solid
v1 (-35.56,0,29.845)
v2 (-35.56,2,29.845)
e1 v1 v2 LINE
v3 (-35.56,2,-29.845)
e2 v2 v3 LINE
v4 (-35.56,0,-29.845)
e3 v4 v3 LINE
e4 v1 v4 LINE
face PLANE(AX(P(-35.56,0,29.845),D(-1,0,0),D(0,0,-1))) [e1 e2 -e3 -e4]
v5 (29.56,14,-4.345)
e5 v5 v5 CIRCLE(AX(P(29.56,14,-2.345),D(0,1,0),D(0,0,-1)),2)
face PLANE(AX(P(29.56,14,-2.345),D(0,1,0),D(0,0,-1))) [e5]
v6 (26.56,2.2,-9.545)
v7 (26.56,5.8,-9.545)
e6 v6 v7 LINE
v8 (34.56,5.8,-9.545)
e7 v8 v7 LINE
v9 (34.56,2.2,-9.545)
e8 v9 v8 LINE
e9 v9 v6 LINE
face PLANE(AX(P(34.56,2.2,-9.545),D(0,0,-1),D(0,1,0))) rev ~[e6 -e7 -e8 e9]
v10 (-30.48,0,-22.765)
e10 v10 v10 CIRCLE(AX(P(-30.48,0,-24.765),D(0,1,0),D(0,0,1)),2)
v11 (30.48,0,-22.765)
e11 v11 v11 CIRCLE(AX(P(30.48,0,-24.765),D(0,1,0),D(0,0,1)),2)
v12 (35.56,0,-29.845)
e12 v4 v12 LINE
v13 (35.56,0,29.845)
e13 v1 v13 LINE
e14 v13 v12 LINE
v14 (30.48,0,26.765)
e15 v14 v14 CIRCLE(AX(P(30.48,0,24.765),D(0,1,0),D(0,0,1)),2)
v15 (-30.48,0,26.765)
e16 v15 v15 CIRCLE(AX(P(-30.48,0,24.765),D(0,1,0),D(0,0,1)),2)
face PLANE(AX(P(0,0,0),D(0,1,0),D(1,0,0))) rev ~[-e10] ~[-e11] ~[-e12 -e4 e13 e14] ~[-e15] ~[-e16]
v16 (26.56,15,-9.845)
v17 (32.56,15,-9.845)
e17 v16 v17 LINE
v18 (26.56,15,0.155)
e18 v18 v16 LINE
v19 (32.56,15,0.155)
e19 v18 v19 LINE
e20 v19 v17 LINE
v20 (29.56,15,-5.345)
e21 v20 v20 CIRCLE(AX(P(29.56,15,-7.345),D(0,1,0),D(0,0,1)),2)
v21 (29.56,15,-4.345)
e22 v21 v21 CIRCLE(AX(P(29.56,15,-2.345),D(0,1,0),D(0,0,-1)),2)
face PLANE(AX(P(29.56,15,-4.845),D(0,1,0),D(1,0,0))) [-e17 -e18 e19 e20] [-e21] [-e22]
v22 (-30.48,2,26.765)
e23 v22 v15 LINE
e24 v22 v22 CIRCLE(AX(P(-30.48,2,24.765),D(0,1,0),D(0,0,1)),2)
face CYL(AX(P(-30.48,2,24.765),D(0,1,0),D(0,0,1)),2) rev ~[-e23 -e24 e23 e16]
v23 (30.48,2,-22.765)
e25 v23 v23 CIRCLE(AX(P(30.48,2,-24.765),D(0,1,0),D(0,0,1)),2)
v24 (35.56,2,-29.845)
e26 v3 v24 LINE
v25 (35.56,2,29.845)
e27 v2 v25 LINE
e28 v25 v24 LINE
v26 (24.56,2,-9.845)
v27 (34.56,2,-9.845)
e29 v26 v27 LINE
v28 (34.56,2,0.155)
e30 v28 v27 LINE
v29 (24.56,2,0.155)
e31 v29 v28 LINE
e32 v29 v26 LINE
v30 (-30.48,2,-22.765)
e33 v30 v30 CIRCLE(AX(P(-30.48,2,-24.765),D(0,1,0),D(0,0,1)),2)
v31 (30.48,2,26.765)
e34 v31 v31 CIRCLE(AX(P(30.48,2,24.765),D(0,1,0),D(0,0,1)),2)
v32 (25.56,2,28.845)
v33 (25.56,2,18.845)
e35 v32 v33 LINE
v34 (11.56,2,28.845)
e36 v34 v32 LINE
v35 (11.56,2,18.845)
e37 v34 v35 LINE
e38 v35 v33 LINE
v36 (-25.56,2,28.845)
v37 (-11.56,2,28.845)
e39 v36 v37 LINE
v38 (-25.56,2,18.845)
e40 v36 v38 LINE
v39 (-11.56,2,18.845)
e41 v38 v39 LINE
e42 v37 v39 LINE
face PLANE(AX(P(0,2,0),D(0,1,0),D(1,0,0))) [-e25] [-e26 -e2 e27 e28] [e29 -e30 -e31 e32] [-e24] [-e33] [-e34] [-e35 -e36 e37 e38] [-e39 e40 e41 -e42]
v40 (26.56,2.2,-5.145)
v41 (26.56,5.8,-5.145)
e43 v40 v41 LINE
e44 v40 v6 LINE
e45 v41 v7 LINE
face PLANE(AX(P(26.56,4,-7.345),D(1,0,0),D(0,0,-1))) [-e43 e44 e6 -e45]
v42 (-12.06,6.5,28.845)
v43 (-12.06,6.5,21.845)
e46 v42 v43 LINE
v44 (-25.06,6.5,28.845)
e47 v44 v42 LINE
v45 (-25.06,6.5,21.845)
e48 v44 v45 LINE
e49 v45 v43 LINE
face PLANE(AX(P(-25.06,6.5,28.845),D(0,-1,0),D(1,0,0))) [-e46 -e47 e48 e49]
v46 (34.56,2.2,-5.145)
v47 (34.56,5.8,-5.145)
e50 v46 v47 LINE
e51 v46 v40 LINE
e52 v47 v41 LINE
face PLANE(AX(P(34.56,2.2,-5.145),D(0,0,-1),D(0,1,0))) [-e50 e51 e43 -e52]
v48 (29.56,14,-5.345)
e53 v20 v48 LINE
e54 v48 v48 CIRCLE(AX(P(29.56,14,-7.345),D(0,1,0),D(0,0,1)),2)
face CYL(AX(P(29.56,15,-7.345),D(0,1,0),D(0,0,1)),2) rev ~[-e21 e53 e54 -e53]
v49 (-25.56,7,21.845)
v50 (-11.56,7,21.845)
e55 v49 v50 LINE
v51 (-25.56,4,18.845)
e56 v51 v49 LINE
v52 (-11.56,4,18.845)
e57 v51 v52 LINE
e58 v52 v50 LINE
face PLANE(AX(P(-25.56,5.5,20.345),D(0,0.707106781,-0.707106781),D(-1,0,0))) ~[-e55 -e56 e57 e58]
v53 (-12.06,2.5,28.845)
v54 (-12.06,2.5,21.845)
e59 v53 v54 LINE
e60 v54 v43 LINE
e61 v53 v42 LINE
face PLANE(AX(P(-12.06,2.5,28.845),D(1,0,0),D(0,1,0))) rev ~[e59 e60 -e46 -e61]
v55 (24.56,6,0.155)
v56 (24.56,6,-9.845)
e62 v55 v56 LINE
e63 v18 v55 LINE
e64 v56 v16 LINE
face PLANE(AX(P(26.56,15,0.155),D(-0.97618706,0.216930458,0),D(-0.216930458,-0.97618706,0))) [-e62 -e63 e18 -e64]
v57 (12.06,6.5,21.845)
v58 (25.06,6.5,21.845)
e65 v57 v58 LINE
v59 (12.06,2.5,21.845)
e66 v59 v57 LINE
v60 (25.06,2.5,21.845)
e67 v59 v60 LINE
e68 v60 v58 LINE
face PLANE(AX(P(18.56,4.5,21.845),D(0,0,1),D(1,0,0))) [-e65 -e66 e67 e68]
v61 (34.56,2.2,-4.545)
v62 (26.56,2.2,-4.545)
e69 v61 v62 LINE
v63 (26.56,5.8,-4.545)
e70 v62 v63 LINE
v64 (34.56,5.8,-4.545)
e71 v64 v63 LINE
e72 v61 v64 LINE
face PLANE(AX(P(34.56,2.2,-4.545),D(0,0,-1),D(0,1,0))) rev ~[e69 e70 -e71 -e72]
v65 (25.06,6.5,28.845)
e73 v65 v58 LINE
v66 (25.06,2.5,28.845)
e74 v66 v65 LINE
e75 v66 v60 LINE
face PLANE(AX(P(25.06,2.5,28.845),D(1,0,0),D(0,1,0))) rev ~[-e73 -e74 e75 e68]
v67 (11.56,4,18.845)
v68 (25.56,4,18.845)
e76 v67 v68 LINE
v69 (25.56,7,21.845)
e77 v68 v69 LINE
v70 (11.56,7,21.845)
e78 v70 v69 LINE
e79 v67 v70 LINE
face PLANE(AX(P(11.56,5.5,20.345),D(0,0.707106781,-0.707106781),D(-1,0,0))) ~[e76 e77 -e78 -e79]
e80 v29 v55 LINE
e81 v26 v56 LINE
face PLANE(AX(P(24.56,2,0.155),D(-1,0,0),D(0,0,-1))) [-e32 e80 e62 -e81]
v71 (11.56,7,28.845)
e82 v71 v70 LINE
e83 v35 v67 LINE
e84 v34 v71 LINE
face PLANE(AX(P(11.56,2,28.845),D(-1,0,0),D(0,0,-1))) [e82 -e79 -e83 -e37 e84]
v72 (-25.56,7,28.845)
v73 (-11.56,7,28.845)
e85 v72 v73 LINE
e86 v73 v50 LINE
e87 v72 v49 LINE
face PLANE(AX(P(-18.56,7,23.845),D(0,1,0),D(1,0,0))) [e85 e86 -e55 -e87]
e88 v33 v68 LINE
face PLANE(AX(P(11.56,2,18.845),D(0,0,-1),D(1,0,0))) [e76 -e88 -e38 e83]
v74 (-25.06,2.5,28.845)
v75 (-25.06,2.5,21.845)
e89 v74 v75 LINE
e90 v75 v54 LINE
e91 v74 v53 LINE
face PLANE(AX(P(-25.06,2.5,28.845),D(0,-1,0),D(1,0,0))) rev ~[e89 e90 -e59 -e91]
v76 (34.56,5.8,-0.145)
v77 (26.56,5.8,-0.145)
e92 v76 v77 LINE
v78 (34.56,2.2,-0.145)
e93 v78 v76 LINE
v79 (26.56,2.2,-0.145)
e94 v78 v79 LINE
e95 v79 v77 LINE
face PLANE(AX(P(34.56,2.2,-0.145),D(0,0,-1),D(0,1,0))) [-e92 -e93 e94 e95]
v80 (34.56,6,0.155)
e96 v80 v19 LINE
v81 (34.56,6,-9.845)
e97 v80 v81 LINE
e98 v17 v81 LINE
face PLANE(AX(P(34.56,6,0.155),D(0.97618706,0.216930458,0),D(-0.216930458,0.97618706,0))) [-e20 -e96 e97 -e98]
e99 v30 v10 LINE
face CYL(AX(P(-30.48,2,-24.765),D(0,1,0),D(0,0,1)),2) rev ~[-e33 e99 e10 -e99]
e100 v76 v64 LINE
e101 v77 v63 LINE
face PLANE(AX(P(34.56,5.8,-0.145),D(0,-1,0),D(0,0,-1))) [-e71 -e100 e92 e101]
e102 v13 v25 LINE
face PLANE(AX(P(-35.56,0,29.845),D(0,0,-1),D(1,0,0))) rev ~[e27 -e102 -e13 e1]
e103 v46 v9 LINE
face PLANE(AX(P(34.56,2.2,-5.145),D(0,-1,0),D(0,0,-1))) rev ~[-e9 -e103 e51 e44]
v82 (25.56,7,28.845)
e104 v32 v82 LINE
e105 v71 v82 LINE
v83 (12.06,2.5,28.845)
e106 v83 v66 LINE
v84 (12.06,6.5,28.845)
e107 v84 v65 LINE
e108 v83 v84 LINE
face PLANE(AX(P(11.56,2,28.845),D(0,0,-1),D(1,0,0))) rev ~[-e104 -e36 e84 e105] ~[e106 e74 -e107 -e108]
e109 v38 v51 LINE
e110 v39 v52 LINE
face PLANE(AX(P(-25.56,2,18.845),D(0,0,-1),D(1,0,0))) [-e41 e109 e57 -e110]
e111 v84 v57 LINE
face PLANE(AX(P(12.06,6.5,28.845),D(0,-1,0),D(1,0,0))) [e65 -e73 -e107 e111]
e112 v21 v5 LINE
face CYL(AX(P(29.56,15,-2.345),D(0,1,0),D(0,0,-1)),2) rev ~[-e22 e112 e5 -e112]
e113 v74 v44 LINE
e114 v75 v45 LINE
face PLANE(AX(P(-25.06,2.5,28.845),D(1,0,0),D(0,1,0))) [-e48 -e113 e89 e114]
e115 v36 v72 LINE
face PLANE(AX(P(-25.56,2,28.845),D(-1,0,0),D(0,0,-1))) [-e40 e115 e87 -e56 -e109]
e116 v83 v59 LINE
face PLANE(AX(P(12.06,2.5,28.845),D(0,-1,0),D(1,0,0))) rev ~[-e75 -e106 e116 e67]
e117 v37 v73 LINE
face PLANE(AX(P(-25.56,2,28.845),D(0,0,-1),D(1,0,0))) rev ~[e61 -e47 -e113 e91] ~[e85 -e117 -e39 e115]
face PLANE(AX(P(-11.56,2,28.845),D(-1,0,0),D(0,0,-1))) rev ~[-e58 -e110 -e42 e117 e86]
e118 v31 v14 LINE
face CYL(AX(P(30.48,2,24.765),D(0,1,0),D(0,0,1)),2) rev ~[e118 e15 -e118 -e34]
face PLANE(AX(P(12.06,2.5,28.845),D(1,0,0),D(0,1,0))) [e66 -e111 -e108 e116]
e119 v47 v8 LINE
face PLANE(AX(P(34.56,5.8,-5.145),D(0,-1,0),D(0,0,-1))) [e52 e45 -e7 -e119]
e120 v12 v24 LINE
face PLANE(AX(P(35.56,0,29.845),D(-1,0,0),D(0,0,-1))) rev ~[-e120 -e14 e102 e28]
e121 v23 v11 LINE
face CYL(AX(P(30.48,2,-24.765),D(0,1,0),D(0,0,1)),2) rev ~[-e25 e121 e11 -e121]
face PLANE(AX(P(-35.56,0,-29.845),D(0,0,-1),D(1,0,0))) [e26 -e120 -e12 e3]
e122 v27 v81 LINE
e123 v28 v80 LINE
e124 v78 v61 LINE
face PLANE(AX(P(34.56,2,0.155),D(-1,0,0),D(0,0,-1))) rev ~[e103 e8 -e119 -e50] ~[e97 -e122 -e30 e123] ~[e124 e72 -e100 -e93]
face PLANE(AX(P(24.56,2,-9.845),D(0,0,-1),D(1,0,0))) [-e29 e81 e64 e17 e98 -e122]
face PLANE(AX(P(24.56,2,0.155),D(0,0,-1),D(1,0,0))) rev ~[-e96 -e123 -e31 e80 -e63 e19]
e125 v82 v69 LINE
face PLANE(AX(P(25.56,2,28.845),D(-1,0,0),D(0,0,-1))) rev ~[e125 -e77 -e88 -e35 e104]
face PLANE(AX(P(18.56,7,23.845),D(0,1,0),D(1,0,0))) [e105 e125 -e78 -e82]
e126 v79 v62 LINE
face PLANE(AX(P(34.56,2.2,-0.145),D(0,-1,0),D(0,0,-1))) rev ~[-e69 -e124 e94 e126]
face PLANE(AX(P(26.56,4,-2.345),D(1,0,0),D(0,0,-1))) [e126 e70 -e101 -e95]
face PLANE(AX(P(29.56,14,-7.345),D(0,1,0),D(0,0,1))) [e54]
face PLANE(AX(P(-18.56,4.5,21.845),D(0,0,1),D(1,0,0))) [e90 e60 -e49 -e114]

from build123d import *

# Parameters (mm, degrees)
SKETCH1_W           = 71.12
SKETCH1_H           = 59.69
BOSS_EXTRUDE1_DEPTH = 2
SKETCH2_R           = 2
CUT_EXTRUDE1_DEPTH  = 2
SKETCH3_W           = 14
SKETCH3_H           = 10
BOSS_EXTRUDE2_DEPTH = 5
SKETCH4_W           = 10
SKETCH4_H           = 10
BOSS_EXTRUDE3_DEPTH = 13
CUT_EXTRUDE2_DEPTH  = 49.882651319
SKETCH8_W           = 13
SKETCH8_H           = 4
CUT_EXTRUDE3_DEPTH  = 7
CHAMFER1_SIZE       = 3
SKETCH9_W           = 4.4
SKETCH9_H           = 3.6
CUT_EXTRUDE4_DEPTH  = 8
SKETCH10_R          = 2
CUT_EXTRUDE5_DEPTH  = 1


with BuildPart() as part:
    # Sketch1 → Boss-Extrude1 (new body)
    with BuildSketch(Plane(origin=(0, 0, 0), x_dir=(1, 0, 0), z_dir=(0, 1, 0))):
        Rectangle(SKETCH1_W, SKETCH1_H)
    extrude(amount=BOSS_EXTRUDE1_DEPTH)

    # Sketch2 → Cut-Extrude1 (cut)
    with BuildSketch(Plane(origin=(0, 2, 0), x_dir=(1, 0, 0), z_dir=(0, 1, 0))):
        with Locations(Location((-30.48, 24.765, 0), (0, 0, 270))):
            Circle(SKETCH2_R)
        with Locations(Location((30.48, 24.765, 0), (0, 0, 270))):
            Circle(SKETCH2_R)
        with Locations(Location((30.48, -24.765, 0), (0, 0, 270))):
            Circle(SKETCH2_R)
        with Locations(Location((-30.48, -24.765, 0), (0, 0, 270))):
            Circle(SKETCH2_R)
    extrude(amount=-CUT_EXTRUDE1_DEPTH, mode=Mode.SUBTRACT)

    # Sketch3 → Boss-Extrude2 (add)
    with BuildSketch(Plane(origin=(0, 2, 0), x_dir=(1, 0, 0), z_dir=(0, 1, 0))):
        with Locations((-18.56, -23.845)):
            Rectangle(SKETCH3_W, SKETCH3_H)
        with Locations((18.56, -23.845)):
            Rectangle(SKETCH3_W, SKETCH3_H)
    extrude(amount=BOSS_EXTRUDE2_DEPTH)

    # Sketch4 → Boss-Extrude3 (add)
    with BuildSketch(Plane(origin=(0, 2, 0), x_dir=(1, 0, 0), z_dir=(0, 1, 0))):
        with Locations((29.56, 4.845)):
            Rectangle(SKETCH4_W, SKETCH4_H)
    extrude(amount=BOSS_EXTRUDE3_DEPTH)

    # Sketch7 → Cut-Extrude2 (cut, through all)
    with BuildSketch(Plane.XY.offset(0.155)):
        Polygon((26.56, 15), (24.56, 6), (24.56, 15), align=None)
        Polygon((34.56, 6), (32.56, 15), (34.56, 15), align=None)
    extrude(amount=-CUT_EXTRUDE2_DEPTH, mode=Mode.SUBTRACT)

    # Sketch8 → Cut-Extrude3 (cut)
    with BuildSketch(Plane.XY.offset(28.845)):
        with Locations((-18.56, 4.5)):
            Rectangle(SKETCH8_W, SKETCH8_H)
        with Locations((18.56, 4.5)):
            Rectangle(SKETCH8_W, SKETCH8_H)
    extrude(amount=-CUT_EXTRUDE3_DEPTH, mode=Mode.SUBTRACT)

    # Chamfer1
    chamfer1_edges = [part.edges().sort_by_distance(p)[0] for p in [
        (-18.56, 7, 18.845),
        (18.56, 7, 18.845),
    ]]
    chamfer(chamfer1_edges, length=CHAMFER1_SIZE)

    # Sketch9 → Cut-Extrude4 (cut)
    with BuildSketch(Plane(origin=(34.56, 0, 0), x_dir=(0, 0, -1), z_dir=(1, 0, 0))):
        with Locations((7.345, 4)):
            Rectangle(SKETCH9_W, SKETCH9_H)
        with Locations((2.345, 4)):
            Rectangle(SKETCH9_W, SKETCH9_H)
    extrude(amount=-CUT_EXTRUDE4_DEPTH, mode=Mode.SUBTRACT)

    # Sketch10 → Cut-Extrude5 (cut)
    with BuildSketch(Plane(origin=(0, 15, 0), x_dir=(1, 0, 0), z_dir=(0, 1, 0))):
        with Locations(Location((29.56, 7.345, 0), (0, 0, 270))):
            Circle(SKETCH10_R)
        with Locations(Location((29.56, 2.345, 0), (0, 0, 90))):
            Circle(SKETCH10_R)
    extrude(amount=-CUT_EXTRUDE5_DEPTH, mode=Mode.SUBTRACT)


solid = part.part
